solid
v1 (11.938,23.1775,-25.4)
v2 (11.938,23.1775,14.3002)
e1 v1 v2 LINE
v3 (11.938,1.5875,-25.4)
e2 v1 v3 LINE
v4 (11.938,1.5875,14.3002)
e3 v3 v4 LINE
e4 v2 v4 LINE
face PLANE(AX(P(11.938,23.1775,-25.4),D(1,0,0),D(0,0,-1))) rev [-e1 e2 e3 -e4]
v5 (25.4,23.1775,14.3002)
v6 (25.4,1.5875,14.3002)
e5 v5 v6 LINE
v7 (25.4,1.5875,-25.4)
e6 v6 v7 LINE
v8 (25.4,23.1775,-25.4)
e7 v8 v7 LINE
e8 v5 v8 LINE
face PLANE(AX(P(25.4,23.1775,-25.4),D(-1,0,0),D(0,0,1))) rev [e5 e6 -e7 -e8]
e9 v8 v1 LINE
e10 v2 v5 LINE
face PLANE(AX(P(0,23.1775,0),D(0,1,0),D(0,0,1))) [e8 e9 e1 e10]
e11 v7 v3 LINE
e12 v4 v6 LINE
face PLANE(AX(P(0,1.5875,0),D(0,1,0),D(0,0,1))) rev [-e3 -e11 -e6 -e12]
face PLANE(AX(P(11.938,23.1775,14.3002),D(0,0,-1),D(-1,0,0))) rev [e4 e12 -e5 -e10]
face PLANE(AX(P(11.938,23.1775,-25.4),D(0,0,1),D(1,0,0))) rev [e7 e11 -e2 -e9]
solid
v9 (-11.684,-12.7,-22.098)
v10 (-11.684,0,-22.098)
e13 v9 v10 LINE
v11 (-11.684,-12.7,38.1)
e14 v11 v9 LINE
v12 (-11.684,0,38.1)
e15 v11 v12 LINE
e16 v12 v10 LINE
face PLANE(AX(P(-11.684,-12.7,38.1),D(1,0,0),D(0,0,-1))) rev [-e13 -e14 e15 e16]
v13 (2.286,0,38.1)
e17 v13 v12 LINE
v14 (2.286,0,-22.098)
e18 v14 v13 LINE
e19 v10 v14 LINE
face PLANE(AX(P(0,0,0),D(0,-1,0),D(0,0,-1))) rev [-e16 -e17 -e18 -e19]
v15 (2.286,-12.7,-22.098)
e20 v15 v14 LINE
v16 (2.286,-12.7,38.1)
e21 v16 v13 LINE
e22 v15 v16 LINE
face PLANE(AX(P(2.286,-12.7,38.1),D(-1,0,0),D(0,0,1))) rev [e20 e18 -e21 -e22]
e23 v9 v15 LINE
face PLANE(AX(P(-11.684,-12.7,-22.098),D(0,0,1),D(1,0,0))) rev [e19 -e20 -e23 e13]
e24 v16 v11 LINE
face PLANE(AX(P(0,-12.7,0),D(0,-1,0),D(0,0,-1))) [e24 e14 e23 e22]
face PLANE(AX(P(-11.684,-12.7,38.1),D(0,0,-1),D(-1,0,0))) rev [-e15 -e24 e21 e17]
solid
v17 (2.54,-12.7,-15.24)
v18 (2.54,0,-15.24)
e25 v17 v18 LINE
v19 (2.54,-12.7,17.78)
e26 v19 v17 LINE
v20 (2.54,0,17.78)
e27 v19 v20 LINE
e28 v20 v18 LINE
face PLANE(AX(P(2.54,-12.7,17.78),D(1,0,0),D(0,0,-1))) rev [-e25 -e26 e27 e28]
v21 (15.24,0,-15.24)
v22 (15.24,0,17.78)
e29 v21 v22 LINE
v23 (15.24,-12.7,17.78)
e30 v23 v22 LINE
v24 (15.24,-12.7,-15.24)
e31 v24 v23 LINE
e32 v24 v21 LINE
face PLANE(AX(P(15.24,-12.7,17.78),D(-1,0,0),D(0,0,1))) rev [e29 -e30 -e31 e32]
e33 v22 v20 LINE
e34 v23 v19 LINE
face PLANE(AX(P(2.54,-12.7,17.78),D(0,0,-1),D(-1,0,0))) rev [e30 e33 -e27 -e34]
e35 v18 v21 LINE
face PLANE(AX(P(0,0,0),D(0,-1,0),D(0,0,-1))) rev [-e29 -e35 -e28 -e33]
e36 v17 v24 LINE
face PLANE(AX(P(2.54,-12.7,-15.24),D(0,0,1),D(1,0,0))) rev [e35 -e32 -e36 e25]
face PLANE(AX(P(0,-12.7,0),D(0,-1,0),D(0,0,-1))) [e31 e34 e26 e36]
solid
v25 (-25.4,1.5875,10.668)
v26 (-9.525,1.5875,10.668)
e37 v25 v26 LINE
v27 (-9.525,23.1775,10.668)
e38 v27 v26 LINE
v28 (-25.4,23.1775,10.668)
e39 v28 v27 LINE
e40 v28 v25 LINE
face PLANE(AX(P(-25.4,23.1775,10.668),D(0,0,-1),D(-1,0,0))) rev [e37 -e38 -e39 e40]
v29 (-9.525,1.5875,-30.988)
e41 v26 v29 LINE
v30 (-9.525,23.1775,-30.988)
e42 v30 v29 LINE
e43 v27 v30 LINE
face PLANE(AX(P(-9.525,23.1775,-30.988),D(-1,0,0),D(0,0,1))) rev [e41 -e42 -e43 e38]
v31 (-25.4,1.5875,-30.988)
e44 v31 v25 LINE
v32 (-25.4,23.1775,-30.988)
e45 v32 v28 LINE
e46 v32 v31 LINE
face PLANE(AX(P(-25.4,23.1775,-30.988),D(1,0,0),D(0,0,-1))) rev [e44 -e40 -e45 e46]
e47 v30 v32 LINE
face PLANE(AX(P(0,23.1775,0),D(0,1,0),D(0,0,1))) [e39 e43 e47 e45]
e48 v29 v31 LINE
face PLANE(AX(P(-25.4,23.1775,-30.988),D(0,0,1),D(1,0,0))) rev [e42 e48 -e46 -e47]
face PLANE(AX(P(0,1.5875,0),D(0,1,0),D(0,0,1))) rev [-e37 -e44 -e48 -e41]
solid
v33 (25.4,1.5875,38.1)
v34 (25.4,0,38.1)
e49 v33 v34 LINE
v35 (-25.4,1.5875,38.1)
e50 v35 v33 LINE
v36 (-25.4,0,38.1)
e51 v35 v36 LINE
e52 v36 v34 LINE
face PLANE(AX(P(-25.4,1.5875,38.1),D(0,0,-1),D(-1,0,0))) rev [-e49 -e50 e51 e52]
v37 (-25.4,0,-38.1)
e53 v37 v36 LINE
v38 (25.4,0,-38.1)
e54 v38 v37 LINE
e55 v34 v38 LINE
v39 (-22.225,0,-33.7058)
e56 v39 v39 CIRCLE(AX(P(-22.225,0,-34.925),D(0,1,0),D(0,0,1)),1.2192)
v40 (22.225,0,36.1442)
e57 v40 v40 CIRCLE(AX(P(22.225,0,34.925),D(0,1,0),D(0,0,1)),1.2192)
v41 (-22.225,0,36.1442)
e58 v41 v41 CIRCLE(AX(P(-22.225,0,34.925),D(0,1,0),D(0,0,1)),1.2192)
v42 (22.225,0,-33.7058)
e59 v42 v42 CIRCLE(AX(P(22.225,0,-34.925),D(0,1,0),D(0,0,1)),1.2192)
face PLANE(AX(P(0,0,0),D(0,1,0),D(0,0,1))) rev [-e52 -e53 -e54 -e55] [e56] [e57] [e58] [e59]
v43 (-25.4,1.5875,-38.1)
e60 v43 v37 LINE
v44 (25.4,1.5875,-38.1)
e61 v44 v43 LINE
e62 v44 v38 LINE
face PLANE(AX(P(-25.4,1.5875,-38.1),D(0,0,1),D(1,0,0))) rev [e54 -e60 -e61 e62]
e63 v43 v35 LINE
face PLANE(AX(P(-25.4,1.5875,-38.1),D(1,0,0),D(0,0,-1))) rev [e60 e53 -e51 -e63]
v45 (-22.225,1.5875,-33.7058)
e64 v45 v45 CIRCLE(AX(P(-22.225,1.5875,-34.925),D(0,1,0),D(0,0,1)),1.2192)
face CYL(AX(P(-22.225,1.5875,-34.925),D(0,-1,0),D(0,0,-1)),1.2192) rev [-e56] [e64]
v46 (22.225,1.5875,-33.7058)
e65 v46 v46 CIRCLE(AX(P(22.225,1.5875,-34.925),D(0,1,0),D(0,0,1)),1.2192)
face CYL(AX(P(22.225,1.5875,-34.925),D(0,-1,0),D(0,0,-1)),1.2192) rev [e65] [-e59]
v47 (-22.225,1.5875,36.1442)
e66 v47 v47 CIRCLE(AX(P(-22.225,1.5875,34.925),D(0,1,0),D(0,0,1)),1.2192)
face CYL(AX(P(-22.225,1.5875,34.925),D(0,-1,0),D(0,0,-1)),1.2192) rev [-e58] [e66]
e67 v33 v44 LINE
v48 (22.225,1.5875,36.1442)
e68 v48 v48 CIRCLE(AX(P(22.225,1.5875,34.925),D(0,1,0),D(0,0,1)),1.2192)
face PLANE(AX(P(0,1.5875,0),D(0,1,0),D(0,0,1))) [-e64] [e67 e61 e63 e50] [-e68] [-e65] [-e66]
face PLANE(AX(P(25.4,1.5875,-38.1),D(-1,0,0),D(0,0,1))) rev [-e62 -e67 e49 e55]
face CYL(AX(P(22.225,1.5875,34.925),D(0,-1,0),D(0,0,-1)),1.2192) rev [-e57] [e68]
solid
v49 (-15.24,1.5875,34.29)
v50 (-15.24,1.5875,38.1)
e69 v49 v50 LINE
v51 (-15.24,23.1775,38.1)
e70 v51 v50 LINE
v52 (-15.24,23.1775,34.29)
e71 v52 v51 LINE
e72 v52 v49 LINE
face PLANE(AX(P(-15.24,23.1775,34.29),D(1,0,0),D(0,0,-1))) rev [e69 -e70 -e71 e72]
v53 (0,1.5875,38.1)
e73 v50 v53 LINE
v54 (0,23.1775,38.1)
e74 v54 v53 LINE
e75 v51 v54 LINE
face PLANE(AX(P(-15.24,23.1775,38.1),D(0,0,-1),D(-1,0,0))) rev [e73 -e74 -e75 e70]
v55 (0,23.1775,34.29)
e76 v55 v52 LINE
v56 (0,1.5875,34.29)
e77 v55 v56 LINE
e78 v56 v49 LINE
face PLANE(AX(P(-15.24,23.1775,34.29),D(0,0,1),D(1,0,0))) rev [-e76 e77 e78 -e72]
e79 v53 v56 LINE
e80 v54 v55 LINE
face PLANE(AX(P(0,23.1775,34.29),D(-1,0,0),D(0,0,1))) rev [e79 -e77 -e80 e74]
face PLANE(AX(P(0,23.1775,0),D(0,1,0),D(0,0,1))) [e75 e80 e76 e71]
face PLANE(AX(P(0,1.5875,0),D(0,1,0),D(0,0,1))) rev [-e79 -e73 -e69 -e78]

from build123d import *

# Parameters (mm, degrees)
SKETCH1_W             = 50.8
SKETCH1_H             = 76.2
SKETCH1_R             = 1.2192
BOSS_EXTRUDE1_DEPTH   = 1.5875
SKETCH2_W             = 15.875
SKETCH2_H             = 41.656
BOSS_EXTRUDE2_DEPTH   = 21.59
SKETCH2_W_2           = 13.462
SKETCH2_H_2           = 39.7002
BOSS_EXTRUDE2_2_DEPTH = 21.59
SKETCH2_W_3           = 15.24
SKETCH2_H_3           = 3.81
BOSS_EXTRUDE2_3_DEPTH = 21.59
SKETCH3_W             = 13.97
SKETCH3_H             = 60.198
BOSS_EXTRUDE3_DEPTH   = 12.7
SKETCH3_W_2           = 12.7
SKETCH3_H_2           = 33.02
BOSS_EXTRUDE3_2_DEPTH = 12.7


with BuildPart() as part:
    # Sketch1 → Boss-Extrude1 (new body)
    with BuildSketch(Plane(origin=(0, 0, 0), x_dir=(1, 0, 0), z_dir=(0, 1, 0))):
        Rectangle(SKETCH1_W, SKETCH1_H)
        with Locations(Location((-22.225, 34.925, 0), (0, 0, 270))):
            Circle(SKETCH1_R, mode=Mode.SUBTRACT)
        with Locations(Location((22.225, 34.925, 0), (0, 0, 270))):
            Circle(SKETCH1_R, mode=Mode.SUBTRACT)
        with Locations(Location((-22.225, -34.925, 0), (0, 0, 270))):
            Circle(SKETCH1_R, mode=Mode.SUBTRACT)
        with Locations(Location((22.225, -34.925, 0), (0, 0, 270))):
            Circle(SKETCH1_R, mode=Mode.SUBTRACT)
    extrude(amount=BOSS_EXTRUDE1_DEPTH)


with BuildPart() as body_2:
    # Sketch2 → Boss-Extrude2 (new body)
    with BuildSketch(Plane(origin=(0, 1.5875, 0), x_dir=(1, 0, 0), z_dir=(0, 1, 0))):
        with Locations((-17.4625, 10.16)):
            Rectangle(SKETCH2_W, SKETCH2_H)
    extrude(amount=BOSS_EXTRUDE2_DEPTH)


with BuildPart() as body_3:
    # Sketch2 → Boss-Extrude2 2 (new body)
    with BuildSketch(Plane(origin=(0, 1.5875, 0), x_dir=(1, 0, 0), z_dir=(0, 1, 0))):
        with Locations((18.669, 5.5499)):
            Rectangle(SKETCH2_W_2, SKETCH2_H_2)
    extrude(amount=BOSS_EXTRUDE2_2_DEPTH)


with BuildPart() as body_4:
    # Sketch2 → Boss-Extrude2 3 (new body)
    with BuildSketch(Plane(origin=(0, 1.5875, 0), x_dir=(1, 0, 0), z_dir=(0, 1, 0))):
        with Locations((-7.62, -36.195)):
            Rectangle(SKETCH2_W_3, SKETCH2_H_3)
    extrude(amount=BOSS_EXTRUDE2_3_DEPTH)


with BuildPart() as body_5:
    # Sketch3 → Boss-Extrude3 (new body)
    with BuildSketch(Plane.XZ):
        with Locations((-4.699, 8.001)):
            Rectangle(SKETCH3_W, SKETCH3_H)
    extrude(amount=BOSS_EXTRUDE3_DEPTH)


with BuildPart() as body_6:
    # Sketch3 → Boss-Extrude3 2 (new body)
    with BuildSketch(Plane.XZ):
        with Locations((8.89, 1.27)):
            Rectangle(SKETCH3_W_2, SKETCH3_H_2)
    extrude(amount=BOSS_EXTRUDE3_2_DEPTH)


solid = Compound([part.part, body_2.part, body_3.part, body_4.part, body_5.part, body_6.part])
